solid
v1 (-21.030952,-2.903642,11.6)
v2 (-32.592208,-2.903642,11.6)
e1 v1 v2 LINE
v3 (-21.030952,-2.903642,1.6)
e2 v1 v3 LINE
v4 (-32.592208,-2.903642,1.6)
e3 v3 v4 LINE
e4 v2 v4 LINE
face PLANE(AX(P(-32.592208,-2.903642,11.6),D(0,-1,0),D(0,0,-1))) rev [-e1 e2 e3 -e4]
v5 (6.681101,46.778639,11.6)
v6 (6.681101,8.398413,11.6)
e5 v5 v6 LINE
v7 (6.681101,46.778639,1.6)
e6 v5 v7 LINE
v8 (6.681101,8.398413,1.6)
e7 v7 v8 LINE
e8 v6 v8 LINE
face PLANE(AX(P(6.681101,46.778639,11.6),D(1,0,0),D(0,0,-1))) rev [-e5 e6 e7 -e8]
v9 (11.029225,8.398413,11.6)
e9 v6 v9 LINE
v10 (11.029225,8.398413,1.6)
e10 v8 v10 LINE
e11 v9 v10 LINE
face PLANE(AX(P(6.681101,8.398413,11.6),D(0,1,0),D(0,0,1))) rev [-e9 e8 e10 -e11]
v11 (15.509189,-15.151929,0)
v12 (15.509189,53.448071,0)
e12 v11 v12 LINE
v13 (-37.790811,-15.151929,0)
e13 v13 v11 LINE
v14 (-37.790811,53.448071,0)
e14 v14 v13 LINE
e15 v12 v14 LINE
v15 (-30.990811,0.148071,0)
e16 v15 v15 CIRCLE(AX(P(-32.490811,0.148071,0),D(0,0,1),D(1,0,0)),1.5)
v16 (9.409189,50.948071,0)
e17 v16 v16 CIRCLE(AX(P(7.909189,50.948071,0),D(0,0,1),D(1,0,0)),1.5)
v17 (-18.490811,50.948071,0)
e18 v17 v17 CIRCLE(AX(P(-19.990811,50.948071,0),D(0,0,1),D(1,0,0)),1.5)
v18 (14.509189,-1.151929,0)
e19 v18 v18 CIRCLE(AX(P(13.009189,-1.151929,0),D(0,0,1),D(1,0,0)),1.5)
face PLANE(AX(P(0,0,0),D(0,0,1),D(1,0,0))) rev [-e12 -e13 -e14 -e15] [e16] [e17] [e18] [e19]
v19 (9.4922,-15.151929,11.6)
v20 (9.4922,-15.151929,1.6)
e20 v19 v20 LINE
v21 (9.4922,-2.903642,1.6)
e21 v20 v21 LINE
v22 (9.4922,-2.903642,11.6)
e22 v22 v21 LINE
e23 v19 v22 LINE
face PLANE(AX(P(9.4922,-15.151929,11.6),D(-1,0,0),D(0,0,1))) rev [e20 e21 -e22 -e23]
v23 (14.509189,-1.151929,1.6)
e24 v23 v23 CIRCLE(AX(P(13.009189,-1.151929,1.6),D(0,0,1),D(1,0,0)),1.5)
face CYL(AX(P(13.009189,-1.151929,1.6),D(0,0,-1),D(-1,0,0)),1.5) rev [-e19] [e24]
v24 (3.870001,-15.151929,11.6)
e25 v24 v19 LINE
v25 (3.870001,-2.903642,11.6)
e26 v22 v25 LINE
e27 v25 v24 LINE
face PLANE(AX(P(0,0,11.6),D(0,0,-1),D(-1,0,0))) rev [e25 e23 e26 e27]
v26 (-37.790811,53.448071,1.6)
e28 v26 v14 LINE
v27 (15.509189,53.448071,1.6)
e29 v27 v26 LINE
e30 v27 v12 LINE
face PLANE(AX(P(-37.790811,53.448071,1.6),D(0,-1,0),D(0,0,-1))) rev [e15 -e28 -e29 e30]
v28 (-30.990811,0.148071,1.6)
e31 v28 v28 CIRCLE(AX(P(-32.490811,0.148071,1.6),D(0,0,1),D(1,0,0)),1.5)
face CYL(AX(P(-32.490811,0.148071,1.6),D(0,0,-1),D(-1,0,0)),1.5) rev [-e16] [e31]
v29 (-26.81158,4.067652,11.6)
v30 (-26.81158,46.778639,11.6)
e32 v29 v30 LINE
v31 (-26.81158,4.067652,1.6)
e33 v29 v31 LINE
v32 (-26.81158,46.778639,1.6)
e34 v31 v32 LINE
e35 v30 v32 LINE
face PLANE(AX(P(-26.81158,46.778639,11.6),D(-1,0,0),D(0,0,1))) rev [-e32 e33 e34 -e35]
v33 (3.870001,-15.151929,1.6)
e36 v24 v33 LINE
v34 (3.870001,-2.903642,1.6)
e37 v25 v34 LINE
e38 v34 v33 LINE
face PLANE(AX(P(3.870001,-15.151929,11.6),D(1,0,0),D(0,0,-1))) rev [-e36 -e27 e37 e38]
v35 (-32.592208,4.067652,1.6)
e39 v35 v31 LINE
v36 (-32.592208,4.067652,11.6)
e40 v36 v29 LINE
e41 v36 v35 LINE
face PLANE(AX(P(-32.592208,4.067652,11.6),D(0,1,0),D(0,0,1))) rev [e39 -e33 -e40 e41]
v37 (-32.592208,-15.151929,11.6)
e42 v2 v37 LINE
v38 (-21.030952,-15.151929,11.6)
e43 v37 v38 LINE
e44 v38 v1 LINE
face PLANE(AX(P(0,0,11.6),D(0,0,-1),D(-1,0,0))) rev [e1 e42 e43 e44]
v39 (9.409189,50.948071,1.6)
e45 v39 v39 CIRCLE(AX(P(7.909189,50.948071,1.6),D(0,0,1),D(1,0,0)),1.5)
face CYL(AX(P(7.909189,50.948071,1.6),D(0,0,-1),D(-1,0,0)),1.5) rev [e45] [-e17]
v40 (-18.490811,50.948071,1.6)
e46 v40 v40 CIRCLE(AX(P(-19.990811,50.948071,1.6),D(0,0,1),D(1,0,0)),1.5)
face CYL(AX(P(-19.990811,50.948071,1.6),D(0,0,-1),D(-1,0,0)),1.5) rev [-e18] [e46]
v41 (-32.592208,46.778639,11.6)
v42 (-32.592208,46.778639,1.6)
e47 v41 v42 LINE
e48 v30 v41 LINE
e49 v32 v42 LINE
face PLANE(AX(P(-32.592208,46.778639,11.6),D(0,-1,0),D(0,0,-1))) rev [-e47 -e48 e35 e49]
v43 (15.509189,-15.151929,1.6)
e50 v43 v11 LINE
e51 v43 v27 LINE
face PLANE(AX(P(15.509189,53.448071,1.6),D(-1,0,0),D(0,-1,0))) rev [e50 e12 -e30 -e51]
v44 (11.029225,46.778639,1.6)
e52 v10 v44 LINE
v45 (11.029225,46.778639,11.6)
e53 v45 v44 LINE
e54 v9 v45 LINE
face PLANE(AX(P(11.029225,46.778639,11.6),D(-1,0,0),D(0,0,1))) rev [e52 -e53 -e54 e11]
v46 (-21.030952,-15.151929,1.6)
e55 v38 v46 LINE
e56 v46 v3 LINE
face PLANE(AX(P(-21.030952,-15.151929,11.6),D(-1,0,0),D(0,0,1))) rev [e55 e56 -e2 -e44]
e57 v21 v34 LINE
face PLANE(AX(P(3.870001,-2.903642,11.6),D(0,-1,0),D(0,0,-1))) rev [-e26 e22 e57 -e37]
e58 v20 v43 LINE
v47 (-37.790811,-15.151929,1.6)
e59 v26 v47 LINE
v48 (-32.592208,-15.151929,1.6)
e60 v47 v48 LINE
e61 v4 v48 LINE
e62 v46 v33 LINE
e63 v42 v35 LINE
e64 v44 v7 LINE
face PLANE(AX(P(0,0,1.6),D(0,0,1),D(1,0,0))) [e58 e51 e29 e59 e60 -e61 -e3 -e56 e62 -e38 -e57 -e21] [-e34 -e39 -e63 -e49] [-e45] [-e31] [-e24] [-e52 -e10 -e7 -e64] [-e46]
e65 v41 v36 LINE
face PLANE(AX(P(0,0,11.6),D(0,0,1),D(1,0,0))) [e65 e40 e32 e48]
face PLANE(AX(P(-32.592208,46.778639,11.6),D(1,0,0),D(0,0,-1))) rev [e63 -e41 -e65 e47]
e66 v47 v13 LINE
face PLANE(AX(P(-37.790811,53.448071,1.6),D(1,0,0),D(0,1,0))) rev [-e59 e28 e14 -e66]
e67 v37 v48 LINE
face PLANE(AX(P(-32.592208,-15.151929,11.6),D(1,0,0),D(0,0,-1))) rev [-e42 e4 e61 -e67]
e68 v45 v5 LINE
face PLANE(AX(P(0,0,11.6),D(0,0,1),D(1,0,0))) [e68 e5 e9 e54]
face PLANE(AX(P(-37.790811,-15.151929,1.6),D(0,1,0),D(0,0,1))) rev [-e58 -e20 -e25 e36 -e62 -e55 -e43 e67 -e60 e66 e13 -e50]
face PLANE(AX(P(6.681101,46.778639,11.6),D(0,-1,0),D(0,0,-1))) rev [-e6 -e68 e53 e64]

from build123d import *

# Parameters (mm, degrees)
SKETCH_1_W      = 53.3
SKETCH_1_H      = 68.6
SKETCH_1_R      = 1.5
EXTRUDE_1_DEPTH = 1.6
SKETCH_2_W      = 11.561255196
SKETCH_2_H      = 12.248286565
SKETCH_2_W_2    = 5.622199285
SKETCH_2_W_3    = 5.780627598
SKETCH_2_H_2    = 42.710987652
SKETCH_2_W_4    = 4.348124609
SKETCH_2_H_3    = 38.380226424
EXTRUDE_2_DEPTH = 10


with BuildPart() as part:
    # 草图1 → 凸台-拉伸1 (new body)
    with BuildSketch(Plane.XY):
        with Locations((-11.140811044, 19.148070952)):
            Rectangle(SKETCH_1_W, SKETCH_1_H)
        with Locations((-19.990811044, 50.948070952)):
            Circle(SKETCH_1_R, mode=Mode.SUBTRACT)
        with Locations((7.909188956, 50.948070952)):
            Circle(SKETCH_1_R, mode=Mode.SUBTRACT)
        with Locations((-32.490811044, 0.148070952)):
            Circle(SKETCH_1_R, mode=Mode.SUBTRACT)
        with Locations((13.009188956, -1.151929048)):
            Circle(SKETCH_1_R, mode=Mode.SUBTRACT)
    extrude(amount=EXTRUDE_1_DEPTH)

    # 草图2 → 凸台-拉伸2 (add)
    with BuildSketch(Plane.XY.offset(1.6)):
        with Locations((-26.811580019, -9.027785766)):
            Rectangle(SKETCH_2_W, SKETCH_2_H)
        with Locations((6.68110059, -9.027785766)):
            Rectangle(SKETCH_2_W_2, SKETCH_2_H)
        with Locations((-29.701893818, 25.423145352)):
            Rectangle(SKETCH_2_W_3, SKETCH_2_H_2)
        with Locations((8.855162896, 27.588525966)):
            Rectangle(SKETCH_2_W_4, SKETCH_2_H_3)
    extrude(amount=EXTRUDE_2_DEPTH)


solid = part.part
